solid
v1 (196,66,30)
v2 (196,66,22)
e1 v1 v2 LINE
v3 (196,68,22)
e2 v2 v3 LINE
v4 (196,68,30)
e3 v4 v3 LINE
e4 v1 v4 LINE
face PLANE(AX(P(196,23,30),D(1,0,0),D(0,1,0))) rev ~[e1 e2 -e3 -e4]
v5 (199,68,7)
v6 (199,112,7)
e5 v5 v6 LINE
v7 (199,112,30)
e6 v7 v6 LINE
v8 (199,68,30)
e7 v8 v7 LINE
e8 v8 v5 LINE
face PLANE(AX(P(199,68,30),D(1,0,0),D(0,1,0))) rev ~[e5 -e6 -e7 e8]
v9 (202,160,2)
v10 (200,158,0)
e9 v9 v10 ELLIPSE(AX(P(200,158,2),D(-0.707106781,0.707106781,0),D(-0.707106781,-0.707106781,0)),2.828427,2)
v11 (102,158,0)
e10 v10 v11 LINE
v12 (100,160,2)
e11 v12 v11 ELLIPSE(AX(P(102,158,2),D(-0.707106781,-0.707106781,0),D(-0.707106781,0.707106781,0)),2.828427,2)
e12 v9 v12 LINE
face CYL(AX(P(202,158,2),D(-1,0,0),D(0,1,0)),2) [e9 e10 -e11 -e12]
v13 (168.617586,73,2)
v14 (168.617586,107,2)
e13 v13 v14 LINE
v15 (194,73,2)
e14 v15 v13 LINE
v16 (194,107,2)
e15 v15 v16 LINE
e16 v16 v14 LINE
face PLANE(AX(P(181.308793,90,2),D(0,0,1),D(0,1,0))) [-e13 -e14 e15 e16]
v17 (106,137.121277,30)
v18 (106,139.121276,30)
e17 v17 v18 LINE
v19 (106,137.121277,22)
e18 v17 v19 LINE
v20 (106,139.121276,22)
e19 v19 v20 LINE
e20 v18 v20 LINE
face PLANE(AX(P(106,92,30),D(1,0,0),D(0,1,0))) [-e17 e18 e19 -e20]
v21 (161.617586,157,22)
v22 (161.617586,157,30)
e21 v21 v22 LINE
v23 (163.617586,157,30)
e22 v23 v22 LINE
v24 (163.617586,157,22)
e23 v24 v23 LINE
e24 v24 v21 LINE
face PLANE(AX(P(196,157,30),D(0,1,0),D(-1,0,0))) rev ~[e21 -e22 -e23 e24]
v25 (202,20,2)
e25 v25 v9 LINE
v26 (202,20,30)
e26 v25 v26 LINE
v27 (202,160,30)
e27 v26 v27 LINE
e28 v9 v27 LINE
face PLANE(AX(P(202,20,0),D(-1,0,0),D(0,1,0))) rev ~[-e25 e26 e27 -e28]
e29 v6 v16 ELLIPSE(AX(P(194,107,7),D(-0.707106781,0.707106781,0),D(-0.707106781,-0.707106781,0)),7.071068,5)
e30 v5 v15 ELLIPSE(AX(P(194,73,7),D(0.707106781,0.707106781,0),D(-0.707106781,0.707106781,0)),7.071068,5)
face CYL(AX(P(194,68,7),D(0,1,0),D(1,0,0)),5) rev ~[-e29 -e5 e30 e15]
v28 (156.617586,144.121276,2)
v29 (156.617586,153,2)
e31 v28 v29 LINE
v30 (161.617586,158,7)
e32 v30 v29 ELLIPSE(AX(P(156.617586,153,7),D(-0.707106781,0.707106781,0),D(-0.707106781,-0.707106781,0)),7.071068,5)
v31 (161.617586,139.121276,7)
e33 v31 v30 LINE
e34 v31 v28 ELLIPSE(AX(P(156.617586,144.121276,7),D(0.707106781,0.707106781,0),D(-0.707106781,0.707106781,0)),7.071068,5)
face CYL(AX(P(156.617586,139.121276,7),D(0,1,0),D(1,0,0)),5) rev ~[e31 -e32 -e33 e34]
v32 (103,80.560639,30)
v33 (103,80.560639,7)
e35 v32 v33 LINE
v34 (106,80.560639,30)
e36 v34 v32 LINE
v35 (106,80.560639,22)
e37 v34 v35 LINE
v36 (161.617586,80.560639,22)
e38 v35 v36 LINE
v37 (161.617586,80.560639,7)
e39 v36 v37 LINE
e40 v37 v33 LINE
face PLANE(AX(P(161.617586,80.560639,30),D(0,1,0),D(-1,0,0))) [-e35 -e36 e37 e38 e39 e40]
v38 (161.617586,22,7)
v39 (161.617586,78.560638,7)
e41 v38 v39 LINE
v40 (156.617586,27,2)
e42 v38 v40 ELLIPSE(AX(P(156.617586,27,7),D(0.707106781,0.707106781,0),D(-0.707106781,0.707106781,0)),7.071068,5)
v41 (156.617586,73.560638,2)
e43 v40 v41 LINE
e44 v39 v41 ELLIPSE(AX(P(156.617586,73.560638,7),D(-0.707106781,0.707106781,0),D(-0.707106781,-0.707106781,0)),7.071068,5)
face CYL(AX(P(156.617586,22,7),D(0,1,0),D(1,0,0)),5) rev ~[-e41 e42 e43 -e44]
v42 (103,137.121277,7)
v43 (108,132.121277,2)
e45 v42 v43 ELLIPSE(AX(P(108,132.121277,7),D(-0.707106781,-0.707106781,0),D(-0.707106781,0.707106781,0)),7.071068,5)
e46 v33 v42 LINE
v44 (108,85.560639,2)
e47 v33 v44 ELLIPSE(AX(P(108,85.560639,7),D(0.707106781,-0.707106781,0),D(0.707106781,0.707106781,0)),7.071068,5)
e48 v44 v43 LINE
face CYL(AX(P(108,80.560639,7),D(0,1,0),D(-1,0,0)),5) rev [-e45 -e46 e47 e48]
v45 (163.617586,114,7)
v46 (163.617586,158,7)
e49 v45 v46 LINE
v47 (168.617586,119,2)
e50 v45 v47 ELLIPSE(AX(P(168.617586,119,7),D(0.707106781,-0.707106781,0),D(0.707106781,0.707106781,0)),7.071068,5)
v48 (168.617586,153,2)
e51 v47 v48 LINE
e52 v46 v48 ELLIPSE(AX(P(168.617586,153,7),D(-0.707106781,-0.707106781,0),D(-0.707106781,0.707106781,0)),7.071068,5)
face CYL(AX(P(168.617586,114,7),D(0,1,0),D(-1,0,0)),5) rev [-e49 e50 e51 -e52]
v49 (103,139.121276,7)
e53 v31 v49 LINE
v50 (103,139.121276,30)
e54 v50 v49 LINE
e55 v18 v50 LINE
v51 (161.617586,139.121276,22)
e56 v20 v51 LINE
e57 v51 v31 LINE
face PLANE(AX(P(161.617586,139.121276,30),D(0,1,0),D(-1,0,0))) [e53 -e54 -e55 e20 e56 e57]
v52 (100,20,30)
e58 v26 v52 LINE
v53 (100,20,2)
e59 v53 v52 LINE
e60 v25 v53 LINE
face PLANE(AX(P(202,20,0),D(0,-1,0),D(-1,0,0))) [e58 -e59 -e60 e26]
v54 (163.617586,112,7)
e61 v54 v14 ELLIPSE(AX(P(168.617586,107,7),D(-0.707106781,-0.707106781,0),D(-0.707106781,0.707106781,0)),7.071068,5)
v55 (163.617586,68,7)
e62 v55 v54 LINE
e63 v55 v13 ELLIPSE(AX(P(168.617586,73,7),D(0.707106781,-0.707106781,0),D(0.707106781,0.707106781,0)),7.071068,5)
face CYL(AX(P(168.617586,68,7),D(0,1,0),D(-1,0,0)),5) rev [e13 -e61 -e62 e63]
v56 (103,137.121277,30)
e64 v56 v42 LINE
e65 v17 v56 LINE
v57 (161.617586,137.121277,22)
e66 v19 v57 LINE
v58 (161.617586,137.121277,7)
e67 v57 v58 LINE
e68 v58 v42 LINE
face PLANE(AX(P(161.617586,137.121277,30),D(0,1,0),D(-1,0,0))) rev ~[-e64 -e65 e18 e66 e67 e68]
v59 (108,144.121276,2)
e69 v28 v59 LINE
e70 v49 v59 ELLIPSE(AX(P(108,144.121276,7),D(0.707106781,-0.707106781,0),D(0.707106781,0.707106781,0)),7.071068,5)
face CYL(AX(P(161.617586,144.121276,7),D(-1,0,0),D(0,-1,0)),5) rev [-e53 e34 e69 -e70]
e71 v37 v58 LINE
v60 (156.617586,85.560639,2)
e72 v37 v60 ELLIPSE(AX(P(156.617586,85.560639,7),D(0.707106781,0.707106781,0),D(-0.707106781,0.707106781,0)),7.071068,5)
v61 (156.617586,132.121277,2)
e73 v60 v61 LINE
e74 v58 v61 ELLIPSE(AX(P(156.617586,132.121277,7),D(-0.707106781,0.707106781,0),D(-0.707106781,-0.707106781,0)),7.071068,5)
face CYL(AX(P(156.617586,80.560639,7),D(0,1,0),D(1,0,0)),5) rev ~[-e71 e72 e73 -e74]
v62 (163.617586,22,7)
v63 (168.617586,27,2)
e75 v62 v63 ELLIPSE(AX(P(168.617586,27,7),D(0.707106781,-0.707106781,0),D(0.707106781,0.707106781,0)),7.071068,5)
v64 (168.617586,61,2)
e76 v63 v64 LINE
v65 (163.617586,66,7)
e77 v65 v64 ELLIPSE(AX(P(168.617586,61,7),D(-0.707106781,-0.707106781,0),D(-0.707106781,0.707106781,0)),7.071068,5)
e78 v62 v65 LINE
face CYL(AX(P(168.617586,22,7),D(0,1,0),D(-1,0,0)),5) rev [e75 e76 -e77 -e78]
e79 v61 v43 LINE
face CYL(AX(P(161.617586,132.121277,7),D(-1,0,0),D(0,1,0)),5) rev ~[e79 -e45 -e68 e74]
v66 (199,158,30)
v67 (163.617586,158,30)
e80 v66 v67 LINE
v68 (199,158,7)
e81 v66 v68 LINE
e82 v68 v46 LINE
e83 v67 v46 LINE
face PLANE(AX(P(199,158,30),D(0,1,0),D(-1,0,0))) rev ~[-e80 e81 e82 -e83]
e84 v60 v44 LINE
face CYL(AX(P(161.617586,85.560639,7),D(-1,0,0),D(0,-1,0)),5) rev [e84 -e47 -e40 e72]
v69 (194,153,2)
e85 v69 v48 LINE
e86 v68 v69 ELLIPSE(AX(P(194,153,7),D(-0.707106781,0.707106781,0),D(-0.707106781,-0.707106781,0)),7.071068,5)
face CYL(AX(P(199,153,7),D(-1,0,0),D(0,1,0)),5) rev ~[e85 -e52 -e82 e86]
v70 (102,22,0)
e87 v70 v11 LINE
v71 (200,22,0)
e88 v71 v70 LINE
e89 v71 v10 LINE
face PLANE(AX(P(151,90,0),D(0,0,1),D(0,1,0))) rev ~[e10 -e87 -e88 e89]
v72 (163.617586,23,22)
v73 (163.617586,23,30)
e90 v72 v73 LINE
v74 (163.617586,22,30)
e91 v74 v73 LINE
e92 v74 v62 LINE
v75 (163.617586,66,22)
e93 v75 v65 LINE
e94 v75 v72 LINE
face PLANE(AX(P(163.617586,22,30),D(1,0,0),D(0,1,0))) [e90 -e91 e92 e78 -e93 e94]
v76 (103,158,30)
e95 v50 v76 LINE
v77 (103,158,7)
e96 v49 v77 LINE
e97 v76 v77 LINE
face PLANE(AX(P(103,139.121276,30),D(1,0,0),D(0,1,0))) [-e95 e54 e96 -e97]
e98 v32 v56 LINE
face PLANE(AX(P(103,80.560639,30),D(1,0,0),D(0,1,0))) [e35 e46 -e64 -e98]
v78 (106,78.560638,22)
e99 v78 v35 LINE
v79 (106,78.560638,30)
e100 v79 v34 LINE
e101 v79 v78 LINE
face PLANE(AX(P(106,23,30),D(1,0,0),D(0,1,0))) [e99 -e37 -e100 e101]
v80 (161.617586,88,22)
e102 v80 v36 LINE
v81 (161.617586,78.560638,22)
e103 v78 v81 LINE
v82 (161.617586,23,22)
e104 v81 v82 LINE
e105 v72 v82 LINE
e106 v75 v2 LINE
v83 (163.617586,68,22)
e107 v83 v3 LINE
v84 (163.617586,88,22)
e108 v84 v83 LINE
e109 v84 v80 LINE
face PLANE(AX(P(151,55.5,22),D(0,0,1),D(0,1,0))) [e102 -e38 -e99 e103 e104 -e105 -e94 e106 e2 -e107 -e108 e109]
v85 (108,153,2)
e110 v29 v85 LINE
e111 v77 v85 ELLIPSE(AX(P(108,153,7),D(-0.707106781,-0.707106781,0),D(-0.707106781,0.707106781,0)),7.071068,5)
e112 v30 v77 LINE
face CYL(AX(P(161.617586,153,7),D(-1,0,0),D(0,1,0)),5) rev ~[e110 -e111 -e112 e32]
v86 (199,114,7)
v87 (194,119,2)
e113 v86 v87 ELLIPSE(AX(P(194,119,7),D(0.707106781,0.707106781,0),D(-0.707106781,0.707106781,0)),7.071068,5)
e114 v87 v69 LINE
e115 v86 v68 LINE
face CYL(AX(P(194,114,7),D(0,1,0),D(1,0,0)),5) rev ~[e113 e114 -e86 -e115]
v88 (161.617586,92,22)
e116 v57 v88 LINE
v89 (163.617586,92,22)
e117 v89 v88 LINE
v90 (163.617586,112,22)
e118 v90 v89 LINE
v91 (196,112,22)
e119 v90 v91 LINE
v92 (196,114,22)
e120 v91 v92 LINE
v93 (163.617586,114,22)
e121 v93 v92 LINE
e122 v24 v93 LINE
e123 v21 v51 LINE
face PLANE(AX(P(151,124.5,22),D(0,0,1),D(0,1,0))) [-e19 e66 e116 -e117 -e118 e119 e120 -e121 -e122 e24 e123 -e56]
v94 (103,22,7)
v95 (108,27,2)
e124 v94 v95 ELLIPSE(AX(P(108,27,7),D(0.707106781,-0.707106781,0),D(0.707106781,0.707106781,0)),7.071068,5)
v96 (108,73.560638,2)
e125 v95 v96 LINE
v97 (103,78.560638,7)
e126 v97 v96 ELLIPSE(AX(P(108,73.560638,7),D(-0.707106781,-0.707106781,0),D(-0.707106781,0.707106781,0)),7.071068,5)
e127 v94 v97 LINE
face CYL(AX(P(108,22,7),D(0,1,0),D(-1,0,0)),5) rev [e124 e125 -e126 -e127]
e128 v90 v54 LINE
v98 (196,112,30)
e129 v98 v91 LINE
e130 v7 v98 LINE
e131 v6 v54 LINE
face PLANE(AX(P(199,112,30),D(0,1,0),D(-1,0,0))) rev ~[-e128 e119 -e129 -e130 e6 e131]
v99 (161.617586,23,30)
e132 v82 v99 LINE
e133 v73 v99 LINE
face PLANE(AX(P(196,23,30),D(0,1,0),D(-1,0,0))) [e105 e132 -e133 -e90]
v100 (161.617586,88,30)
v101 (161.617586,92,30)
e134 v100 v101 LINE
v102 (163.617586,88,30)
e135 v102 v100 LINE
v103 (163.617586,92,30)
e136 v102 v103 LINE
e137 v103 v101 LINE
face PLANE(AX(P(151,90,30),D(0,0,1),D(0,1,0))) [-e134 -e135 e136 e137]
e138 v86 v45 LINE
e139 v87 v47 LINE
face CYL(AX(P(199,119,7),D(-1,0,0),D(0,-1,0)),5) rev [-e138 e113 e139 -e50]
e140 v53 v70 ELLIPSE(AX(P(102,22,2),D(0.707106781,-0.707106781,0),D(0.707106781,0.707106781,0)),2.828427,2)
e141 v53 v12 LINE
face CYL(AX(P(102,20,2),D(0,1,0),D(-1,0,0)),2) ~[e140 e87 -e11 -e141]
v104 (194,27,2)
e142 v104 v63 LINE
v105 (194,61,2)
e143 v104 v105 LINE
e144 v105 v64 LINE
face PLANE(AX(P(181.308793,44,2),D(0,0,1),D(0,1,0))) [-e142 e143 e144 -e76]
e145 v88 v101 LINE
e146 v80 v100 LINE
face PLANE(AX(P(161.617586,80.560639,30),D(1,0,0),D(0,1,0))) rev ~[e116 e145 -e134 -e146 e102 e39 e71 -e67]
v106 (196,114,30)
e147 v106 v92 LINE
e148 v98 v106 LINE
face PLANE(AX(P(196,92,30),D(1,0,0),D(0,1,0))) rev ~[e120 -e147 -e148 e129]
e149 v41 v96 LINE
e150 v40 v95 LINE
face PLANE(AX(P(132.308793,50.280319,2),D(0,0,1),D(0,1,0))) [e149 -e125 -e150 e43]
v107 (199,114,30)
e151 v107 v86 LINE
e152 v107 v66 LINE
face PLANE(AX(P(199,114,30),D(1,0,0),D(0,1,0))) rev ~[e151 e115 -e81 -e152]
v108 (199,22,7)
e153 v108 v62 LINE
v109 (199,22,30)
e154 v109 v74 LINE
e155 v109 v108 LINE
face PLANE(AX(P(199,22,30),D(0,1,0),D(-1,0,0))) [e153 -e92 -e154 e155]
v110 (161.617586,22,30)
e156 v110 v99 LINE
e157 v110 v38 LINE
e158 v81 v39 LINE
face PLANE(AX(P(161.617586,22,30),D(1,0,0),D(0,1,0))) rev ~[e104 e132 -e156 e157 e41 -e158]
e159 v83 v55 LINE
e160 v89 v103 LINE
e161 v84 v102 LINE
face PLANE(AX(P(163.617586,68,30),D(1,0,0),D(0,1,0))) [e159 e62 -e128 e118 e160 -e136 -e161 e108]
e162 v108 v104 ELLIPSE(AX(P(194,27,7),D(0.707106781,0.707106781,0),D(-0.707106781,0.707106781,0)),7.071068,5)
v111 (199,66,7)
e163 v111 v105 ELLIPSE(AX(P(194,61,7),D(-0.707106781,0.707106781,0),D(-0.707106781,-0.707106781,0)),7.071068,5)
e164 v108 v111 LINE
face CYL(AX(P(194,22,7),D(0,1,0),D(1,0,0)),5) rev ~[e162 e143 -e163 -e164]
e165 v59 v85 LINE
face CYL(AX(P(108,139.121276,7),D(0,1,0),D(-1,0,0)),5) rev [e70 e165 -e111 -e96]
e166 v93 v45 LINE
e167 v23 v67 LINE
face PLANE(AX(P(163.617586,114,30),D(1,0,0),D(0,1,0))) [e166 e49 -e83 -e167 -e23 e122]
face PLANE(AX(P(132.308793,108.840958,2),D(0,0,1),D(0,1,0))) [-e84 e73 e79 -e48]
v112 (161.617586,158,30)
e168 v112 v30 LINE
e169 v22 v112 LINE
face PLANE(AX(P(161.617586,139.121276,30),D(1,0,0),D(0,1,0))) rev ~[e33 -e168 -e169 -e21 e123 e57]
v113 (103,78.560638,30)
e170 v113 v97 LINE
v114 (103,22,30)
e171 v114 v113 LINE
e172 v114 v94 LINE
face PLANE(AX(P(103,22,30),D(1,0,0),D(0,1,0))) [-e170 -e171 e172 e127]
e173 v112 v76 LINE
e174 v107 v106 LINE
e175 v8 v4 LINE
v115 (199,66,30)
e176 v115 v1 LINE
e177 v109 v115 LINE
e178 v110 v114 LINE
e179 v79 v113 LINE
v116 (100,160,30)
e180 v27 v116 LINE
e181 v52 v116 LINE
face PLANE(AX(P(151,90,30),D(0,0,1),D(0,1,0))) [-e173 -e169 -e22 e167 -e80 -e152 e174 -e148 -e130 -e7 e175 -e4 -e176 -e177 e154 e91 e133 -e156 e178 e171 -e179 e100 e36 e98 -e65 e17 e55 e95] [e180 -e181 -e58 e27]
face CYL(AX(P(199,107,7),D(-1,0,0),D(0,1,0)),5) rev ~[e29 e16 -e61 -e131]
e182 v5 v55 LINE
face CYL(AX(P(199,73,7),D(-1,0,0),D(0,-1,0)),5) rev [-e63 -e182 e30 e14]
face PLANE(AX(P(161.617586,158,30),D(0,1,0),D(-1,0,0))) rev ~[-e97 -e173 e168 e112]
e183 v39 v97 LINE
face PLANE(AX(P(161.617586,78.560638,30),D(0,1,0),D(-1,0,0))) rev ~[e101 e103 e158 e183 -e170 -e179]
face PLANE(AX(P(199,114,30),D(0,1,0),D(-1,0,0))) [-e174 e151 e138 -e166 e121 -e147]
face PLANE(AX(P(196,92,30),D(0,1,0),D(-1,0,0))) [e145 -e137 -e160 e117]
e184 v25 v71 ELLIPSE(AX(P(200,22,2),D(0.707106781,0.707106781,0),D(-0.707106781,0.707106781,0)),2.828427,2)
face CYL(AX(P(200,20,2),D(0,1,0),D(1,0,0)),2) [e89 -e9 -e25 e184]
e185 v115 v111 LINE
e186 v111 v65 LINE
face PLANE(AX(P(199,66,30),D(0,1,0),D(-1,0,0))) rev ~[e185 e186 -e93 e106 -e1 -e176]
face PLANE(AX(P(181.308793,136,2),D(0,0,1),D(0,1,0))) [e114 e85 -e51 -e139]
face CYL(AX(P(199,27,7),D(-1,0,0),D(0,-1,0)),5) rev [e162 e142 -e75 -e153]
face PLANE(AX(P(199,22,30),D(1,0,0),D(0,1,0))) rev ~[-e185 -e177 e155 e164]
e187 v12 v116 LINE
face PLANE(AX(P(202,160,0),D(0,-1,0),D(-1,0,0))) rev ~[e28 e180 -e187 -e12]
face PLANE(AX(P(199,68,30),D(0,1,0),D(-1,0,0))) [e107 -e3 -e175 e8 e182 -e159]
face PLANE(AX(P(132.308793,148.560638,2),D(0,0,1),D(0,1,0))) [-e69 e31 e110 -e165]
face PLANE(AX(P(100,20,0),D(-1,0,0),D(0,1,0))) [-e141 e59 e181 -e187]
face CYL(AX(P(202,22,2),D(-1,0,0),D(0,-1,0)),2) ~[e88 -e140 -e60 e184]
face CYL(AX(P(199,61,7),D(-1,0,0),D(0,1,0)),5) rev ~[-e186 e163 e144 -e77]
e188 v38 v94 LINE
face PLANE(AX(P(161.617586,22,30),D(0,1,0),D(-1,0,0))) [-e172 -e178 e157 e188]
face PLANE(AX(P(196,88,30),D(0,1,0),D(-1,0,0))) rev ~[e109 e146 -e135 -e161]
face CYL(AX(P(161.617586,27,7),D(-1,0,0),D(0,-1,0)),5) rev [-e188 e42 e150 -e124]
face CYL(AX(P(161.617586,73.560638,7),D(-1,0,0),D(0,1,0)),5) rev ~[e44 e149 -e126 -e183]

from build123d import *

# Parameters (mm, degrees)
SKETCH_W             = 140
SKETCH_H             = 102
PAD_DEPTH            = 30
SKETCH001_W          = 56.560638
SKETCH001_H          = 58.617586
SKETCH001_W_2        = 18.878723
SKETCH001_W_3        = 44
SKETCH001_H_2        = 35.382414
POCKET_DEPTH         = 28
FILLET_R             = 5
SKETCH002_W          = 65
SKETCH002_H          = 90
POCKET001_DEPTH      = 8
FILLET001_R          = 2
BODY_PLACEMENT_ANGLE = 90


with BuildPart() as part:
    # Sketch → Pad (new body)
    with BuildSketch(Plane.XY):
        Rectangle(SKETCH_W, SKETCH_H)
    extrude(amount=PAD_DEPTH)

    # Sketch001 (on DatumPlane) → Pocket (cut)
    with BuildSketch(Plane.XY.offset(30)):
        with Locations((-39.719681, 18.691207)):
            Rectangle(SKETCH001_W, SKETCH001_H)
        with Locations((18.840958, 18.691207)):
            Rectangle(SKETCH001_W, SKETCH001_H)
        with Locations((58.560638, 18.691207)):
            Rectangle(SKETCH001_W_2, SKETCH001_H)
        with Locations((-46, -30.308793)):
            Rectangle(SKETCH001_W_3, SKETCH001_H_2)
        with Locations((0, -30.308793)):
            Rectangle(SKETCH001_W_3, SKETCH001_H_2)
        with Locations((46, -30.308793)):
            Rectangle(SKETCH001_W_3, SKETCH001_H_2)
    extrude(amount=-POCKET_DEPTH, mode=Mode.SUBTRACT)

    # Fillet
    fillet_edges = [part.edges().sort_by_distance(p)[0] for p in [
        (-46, -12.617586, 2),
        (-24, -30.308793, 2),
        (-46, -48, 2),
        (-68, -30.308793, 2),
        (-39.719681, 48, 2),
        (-11.439362, 18.691207, 2),
        (-39.719681, -10.617586, 2),
        (-68, 18.691207, 2),
        (18.840958, 48, 2),
        (47.121277, 18.691207, 2),
        (18.840958, -10.617586, 2),
        (-9.439361, 18.691207, 2),
        (0, -12.617586, 2),
        (22, -30.308793, 2),
        (0, -48, 2),
        (-22, -30.308793, 2),
        (46, -12.617586, 2),
        (68, -30.308793, 2),
        (46, -48, 2),
        (24, -30.308793, 2),
        (58.560638, 48, 2),
        (68, 18.691207, 2),
        (58.560638, -10.617586, 2),
        (49.121277, 18.691207, 2),
    ]]
    fillet(fillet_edges, radius=FILLET_R)

    # Sketch002 (on DatumPlane) → Pocket001 (cut)
    with BuildSketch(Plane.XY.offset(30)):
        with Locations((-34.5, 0)):
            Rectangle(SKETCH002_W, SKETCH002_H)
        with Locations((34.5, 0)):
            Rectangle(SKETCH002_W, SKETCH002_H)
    extrude(amount=-POCKET001_DEPTH, mode=Mode.SUBTRACT)

    # Fillet001
    fillet001_edges = [part.edges().sort_by_distance(p)[0] for p in [
        (0, 51, 0),
        (70, 0, 0),
        (0, -51, 0),
        (-70, 0, 0),
    ]]
    fillet(fillet001_edges, radius=FILLET001_R)


with BuildPart() as part_1:
    # Body placement: moved
    add(part.part.moved(Location((151, 90, 0))).rotate(Axis((151, 90, 0), (0, 0, 1)), BODY_PLACEMENT_ANGLE))


solid = part_1.part
